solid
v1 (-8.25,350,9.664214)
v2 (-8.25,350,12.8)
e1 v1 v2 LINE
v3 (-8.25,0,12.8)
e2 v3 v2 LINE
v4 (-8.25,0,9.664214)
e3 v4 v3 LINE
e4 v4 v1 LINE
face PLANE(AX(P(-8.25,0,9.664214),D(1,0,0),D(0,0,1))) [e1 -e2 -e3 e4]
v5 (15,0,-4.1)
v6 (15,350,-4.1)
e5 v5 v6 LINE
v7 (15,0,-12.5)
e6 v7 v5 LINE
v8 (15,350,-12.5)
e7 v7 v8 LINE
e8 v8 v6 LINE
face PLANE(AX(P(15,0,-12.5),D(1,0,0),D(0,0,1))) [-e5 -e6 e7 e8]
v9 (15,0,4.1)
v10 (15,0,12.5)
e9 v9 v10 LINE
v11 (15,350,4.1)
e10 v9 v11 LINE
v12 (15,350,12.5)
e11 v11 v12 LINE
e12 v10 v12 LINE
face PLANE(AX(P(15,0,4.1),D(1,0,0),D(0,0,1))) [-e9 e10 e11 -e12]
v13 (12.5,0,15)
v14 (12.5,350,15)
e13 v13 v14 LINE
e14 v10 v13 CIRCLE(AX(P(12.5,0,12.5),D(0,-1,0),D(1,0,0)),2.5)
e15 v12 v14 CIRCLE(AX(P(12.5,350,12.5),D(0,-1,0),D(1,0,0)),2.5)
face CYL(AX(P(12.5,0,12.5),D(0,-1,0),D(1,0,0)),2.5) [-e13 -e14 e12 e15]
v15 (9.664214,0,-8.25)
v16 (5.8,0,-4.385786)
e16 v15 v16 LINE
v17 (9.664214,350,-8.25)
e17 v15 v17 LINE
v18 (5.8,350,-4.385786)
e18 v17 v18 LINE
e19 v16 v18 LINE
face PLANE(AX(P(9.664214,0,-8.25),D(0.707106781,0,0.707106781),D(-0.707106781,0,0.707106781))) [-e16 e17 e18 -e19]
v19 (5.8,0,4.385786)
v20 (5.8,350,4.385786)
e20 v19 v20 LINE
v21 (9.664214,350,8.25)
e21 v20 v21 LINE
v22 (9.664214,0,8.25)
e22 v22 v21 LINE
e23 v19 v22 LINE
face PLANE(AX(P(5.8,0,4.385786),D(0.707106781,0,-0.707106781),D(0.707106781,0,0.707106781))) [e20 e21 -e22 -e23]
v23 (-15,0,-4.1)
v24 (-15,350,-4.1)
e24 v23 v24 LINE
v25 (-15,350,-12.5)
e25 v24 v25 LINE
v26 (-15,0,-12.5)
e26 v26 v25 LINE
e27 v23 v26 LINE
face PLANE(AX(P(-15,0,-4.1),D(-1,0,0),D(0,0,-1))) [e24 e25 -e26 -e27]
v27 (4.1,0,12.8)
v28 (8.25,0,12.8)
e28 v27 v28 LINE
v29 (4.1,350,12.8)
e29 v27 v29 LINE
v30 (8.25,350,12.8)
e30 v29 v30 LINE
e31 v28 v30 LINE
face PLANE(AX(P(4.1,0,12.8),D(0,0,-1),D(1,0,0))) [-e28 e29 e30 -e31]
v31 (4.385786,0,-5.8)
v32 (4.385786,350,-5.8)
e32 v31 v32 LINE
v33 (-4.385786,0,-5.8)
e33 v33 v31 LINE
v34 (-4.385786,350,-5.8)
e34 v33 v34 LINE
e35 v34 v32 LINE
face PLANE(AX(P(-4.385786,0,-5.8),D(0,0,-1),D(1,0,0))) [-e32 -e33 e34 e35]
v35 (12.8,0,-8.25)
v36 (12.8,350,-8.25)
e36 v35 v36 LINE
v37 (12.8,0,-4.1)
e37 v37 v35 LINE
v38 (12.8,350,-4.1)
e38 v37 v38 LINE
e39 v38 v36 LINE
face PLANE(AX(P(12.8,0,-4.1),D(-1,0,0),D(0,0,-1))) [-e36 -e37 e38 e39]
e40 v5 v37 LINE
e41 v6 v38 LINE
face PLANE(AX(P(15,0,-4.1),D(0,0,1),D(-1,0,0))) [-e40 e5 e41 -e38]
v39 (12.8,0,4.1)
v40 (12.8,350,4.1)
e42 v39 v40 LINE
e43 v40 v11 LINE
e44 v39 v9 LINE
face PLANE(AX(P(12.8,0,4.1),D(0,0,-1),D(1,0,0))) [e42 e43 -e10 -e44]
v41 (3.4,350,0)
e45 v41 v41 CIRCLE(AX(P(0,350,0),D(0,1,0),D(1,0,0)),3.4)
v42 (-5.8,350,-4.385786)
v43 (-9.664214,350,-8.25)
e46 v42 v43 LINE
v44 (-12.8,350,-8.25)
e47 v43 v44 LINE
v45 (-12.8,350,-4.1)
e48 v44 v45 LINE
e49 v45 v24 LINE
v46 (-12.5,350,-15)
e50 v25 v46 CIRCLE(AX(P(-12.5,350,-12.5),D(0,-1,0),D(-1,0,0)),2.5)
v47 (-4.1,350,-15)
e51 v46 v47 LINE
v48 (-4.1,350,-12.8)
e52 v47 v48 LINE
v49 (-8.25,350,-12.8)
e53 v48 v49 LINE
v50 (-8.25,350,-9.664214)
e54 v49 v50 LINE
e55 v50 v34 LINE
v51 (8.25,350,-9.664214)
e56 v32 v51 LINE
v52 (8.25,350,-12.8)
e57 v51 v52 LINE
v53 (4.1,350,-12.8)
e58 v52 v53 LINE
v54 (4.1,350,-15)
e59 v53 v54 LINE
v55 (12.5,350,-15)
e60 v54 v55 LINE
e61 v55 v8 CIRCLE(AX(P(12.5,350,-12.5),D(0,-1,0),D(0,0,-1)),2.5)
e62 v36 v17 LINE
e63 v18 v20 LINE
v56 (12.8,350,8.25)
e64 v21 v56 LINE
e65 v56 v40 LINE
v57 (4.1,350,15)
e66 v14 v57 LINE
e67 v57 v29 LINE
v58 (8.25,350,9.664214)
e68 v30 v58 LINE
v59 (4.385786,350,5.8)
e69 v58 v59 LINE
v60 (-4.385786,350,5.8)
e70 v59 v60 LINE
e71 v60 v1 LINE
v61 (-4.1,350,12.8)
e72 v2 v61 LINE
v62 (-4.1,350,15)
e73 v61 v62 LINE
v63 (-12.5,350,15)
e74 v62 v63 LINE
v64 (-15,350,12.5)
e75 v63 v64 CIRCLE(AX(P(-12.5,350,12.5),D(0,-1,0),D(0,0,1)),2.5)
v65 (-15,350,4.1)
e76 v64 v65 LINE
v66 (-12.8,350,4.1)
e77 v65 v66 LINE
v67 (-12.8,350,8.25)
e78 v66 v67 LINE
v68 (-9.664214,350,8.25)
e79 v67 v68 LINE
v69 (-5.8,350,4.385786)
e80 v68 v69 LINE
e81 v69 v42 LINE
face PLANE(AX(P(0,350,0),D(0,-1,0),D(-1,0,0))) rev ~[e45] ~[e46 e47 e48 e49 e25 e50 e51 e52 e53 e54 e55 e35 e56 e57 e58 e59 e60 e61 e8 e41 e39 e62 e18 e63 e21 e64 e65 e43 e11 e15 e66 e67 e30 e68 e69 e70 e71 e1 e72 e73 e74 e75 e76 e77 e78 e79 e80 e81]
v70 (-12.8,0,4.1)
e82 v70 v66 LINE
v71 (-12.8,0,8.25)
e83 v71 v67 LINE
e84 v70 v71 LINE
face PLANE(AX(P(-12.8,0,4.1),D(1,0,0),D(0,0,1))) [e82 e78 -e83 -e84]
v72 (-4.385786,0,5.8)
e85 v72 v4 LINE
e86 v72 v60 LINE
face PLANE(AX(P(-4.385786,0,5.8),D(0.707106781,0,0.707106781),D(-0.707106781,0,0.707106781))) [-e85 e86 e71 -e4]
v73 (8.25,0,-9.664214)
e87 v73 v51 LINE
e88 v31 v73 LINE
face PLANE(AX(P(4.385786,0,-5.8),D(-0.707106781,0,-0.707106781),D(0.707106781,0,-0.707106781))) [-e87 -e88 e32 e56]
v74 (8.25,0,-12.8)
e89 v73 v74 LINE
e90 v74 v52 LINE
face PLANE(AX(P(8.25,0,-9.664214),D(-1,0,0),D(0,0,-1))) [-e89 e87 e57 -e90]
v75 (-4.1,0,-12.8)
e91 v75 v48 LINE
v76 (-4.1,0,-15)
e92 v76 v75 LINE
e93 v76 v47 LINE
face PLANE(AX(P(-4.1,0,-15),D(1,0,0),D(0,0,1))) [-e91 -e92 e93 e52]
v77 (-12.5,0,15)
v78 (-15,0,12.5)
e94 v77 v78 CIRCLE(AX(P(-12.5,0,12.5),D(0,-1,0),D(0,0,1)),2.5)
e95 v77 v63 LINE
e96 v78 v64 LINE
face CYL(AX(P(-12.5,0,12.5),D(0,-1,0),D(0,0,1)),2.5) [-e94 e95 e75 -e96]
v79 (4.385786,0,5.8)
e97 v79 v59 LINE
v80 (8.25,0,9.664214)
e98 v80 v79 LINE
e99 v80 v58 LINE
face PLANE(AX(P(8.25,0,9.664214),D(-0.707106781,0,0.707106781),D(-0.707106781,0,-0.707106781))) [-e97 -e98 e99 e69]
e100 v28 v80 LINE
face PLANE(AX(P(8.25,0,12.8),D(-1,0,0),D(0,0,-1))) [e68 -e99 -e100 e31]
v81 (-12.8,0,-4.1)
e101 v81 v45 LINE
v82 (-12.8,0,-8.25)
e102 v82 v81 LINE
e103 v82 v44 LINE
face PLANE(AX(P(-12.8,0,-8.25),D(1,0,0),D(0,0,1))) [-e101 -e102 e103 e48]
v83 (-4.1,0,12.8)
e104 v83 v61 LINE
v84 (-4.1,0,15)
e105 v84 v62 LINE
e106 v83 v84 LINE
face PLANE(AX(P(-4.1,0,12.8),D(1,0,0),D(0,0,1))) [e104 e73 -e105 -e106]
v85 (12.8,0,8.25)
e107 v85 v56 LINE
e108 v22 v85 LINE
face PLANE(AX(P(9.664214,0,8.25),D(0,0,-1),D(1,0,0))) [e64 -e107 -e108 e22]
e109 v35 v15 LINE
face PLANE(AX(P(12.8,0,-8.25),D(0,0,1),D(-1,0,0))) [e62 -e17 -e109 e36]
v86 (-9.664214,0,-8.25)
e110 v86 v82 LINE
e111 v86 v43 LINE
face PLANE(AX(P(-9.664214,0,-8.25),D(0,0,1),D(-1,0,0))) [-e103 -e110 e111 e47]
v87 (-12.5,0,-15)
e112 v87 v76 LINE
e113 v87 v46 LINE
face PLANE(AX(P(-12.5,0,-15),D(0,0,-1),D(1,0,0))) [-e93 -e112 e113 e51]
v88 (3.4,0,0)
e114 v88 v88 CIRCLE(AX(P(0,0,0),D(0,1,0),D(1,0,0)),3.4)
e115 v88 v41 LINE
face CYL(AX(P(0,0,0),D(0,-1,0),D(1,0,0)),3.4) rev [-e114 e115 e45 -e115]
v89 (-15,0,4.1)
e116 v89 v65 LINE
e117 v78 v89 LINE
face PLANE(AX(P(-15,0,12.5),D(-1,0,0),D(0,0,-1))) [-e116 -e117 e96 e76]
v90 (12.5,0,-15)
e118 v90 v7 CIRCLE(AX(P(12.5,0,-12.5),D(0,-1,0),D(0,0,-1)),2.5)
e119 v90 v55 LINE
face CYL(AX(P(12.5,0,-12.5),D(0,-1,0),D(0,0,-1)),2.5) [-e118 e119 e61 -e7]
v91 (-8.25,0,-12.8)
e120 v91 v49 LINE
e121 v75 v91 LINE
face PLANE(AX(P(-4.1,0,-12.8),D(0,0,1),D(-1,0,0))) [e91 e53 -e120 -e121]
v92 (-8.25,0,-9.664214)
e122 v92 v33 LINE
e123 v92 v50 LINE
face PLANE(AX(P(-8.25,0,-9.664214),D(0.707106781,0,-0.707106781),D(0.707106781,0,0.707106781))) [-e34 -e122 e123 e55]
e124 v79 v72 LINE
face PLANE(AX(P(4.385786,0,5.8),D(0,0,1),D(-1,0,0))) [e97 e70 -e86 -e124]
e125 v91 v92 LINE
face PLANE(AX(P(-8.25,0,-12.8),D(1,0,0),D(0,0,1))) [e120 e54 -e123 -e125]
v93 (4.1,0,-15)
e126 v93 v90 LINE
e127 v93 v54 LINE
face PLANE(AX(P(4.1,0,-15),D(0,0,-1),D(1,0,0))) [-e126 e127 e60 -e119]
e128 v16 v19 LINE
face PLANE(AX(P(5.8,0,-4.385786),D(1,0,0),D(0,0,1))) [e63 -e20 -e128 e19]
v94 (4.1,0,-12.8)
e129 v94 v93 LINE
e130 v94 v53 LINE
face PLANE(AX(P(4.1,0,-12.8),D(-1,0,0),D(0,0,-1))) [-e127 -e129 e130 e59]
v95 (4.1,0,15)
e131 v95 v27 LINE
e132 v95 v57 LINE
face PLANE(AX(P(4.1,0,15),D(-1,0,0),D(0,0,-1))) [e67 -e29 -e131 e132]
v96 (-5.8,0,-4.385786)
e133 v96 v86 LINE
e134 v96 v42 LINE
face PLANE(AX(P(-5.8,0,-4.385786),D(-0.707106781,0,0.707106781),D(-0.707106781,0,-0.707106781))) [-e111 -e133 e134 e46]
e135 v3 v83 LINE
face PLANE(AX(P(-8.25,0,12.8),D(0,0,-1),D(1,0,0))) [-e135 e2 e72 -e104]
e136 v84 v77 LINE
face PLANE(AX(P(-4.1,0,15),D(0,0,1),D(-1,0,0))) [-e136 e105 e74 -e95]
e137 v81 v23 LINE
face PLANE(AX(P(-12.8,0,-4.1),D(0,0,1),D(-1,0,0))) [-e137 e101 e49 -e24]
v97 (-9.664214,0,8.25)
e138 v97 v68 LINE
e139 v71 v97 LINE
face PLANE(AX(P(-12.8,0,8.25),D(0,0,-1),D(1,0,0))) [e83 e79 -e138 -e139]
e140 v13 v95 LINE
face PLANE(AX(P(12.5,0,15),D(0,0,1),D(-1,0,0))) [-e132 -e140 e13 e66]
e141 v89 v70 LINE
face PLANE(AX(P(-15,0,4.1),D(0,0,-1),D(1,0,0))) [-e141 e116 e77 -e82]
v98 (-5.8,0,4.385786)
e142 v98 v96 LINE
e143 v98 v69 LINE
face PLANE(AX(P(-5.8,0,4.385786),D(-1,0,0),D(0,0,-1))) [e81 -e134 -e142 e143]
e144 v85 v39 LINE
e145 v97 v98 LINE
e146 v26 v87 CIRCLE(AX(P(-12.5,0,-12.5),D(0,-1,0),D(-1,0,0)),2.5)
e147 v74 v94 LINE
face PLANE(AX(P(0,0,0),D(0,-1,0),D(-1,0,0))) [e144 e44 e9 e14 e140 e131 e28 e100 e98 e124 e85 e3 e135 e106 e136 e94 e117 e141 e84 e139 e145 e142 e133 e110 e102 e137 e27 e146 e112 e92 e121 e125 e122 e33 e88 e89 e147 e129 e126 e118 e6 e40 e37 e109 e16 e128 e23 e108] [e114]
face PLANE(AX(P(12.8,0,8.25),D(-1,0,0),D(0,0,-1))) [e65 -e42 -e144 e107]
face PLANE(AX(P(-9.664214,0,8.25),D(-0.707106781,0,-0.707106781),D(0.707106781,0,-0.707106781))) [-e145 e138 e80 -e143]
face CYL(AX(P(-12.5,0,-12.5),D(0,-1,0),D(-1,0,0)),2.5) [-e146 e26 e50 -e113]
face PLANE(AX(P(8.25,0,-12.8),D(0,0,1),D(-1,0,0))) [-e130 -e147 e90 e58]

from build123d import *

# Parameters (mm, degrees)
SKETCH1_R           = 3.4
BOSS_EXTRUDE1_DEPTH = 350


with BuildPart() as part:
    # Sketch1 → Boss-Extrude1 (new body)
    with BuildSketch(Plane(origin=(0, 0, 0), x_dir=(1, 0, 0), z_dir=(0, 1, 0))):
        with BuildLine():
            Line((5.8, 4.385786438), (5.8, -4.385786438))
            Line((5.8, -4.385786438), (9.664213562, -8.25))
            Line((9.664213562, -8.25), (12.8, -8.25))
            Line((12.8, -8.25), (12.8, -4.1))
            Line((12.8, -4.1), (15, -4.1))
            Line((15, -4.1), (15, -12.5))
            ThreePointArc((15, -12.5), (14.267766953, -14.267766953), (12.5, -15))
            Line((12.5, -15), (4.1, -15))
            Line((4.1, -15), (4.1, -12.8))
            Line((4.1, -12.8), (8.25, -12.8))
            Line((8.25, -12.8), (8.25, -9.664213562))
            Line((8.25, -9.664213562), (4.385786438, -5.8))
            Line((4.385786438, -5.8), (-4.385786438, -5.8))
            Line((-4.385786438, -5.8), (-8.25, -9.664213562))
            Line((-8.25, -9.664213562), (-8.25, -12.8))
            Line((-8.25, -12.8), (-4.1, -12.8))
            Line((-4.1, -12.8), (-4.1, -15))
            Line((-4.1, -15), (-12.5, -15))
            ThreePointArc((-12.5, -15), (-14.267766953, -14.267766953), (-15, -12.5))
            Line((-15, -12.5), (-15, -4.1))
            Line((-15, -4.1), (-12.8, -4.1))
            Line((-12.8, -4.1), (-12.8, -8.25))
            Line((-12.8, -8.25), (-9.664213562, -8.25))
            Line((-9.664213562, -8.25), (-5.8, -4.385786438))
            Line((-5.8, -4.385786438), (-5.8, 4.385786438))
            Line((-5.8, 4.385786438), (-9.664213562, 8.25))
            Line((-9.664213562, 8.25), (-12.8, 8.25))
            Line((-12.8, 8.25), (-12.8, 4.1))
            Line((-12.8, 4.1), (-15, 4.1))
            Line((-15, 4.1), (-15, 12.5))
            ThreePointArc((-15, 12.5), (-14.267766953, 14.267766953), (-12.5, 15))
            Line((-12.5, 15), (-4.1, 15))
            Line((-4.1, 15), (-4.1, 12.8))
            Line((-4.1, 12.8), (-8.25, 12.8))
            Line((-8.25, 12.8), (-8.25, 9.664213562))
            Line((-8.25, 9.664213562), (-4.385786438, 5.8))
            Line((-4.385786438, 5.8), (4.385786438, 5.8))
            Line((4.385786438, 5.8), (8.25, 9.664213562))
            Line((8.25, 9.664213562), (8.25, 12.8))
            Line((8.25, 12.8), (4.1, 12.8))
            Line((4.1, 12.8), (4.1, 15))
            Line((4.1, 15), (12.5, 15))
            ThreePointArc((12.5, 15), (14.267766953, 14.267766953), (15, 12.5))
            Line((15, 12.5), (15, 4.1))
            Line((15, 4.1), (12.8, 4.1))
            Line((12.8, 4.1), (12.8, 8.25))
            Line((12.8, 8.25), (9.664213562, 8.25))
            Line((9.664213562, 8.25), (5.8, 4.385786438))
        make_face()
        Circle(SKETCH1_R, mode=Mode.SUBTRACT)
    extrude(amount=BOSS_EXTRUDE1_DEPTH)


solid = part.part
